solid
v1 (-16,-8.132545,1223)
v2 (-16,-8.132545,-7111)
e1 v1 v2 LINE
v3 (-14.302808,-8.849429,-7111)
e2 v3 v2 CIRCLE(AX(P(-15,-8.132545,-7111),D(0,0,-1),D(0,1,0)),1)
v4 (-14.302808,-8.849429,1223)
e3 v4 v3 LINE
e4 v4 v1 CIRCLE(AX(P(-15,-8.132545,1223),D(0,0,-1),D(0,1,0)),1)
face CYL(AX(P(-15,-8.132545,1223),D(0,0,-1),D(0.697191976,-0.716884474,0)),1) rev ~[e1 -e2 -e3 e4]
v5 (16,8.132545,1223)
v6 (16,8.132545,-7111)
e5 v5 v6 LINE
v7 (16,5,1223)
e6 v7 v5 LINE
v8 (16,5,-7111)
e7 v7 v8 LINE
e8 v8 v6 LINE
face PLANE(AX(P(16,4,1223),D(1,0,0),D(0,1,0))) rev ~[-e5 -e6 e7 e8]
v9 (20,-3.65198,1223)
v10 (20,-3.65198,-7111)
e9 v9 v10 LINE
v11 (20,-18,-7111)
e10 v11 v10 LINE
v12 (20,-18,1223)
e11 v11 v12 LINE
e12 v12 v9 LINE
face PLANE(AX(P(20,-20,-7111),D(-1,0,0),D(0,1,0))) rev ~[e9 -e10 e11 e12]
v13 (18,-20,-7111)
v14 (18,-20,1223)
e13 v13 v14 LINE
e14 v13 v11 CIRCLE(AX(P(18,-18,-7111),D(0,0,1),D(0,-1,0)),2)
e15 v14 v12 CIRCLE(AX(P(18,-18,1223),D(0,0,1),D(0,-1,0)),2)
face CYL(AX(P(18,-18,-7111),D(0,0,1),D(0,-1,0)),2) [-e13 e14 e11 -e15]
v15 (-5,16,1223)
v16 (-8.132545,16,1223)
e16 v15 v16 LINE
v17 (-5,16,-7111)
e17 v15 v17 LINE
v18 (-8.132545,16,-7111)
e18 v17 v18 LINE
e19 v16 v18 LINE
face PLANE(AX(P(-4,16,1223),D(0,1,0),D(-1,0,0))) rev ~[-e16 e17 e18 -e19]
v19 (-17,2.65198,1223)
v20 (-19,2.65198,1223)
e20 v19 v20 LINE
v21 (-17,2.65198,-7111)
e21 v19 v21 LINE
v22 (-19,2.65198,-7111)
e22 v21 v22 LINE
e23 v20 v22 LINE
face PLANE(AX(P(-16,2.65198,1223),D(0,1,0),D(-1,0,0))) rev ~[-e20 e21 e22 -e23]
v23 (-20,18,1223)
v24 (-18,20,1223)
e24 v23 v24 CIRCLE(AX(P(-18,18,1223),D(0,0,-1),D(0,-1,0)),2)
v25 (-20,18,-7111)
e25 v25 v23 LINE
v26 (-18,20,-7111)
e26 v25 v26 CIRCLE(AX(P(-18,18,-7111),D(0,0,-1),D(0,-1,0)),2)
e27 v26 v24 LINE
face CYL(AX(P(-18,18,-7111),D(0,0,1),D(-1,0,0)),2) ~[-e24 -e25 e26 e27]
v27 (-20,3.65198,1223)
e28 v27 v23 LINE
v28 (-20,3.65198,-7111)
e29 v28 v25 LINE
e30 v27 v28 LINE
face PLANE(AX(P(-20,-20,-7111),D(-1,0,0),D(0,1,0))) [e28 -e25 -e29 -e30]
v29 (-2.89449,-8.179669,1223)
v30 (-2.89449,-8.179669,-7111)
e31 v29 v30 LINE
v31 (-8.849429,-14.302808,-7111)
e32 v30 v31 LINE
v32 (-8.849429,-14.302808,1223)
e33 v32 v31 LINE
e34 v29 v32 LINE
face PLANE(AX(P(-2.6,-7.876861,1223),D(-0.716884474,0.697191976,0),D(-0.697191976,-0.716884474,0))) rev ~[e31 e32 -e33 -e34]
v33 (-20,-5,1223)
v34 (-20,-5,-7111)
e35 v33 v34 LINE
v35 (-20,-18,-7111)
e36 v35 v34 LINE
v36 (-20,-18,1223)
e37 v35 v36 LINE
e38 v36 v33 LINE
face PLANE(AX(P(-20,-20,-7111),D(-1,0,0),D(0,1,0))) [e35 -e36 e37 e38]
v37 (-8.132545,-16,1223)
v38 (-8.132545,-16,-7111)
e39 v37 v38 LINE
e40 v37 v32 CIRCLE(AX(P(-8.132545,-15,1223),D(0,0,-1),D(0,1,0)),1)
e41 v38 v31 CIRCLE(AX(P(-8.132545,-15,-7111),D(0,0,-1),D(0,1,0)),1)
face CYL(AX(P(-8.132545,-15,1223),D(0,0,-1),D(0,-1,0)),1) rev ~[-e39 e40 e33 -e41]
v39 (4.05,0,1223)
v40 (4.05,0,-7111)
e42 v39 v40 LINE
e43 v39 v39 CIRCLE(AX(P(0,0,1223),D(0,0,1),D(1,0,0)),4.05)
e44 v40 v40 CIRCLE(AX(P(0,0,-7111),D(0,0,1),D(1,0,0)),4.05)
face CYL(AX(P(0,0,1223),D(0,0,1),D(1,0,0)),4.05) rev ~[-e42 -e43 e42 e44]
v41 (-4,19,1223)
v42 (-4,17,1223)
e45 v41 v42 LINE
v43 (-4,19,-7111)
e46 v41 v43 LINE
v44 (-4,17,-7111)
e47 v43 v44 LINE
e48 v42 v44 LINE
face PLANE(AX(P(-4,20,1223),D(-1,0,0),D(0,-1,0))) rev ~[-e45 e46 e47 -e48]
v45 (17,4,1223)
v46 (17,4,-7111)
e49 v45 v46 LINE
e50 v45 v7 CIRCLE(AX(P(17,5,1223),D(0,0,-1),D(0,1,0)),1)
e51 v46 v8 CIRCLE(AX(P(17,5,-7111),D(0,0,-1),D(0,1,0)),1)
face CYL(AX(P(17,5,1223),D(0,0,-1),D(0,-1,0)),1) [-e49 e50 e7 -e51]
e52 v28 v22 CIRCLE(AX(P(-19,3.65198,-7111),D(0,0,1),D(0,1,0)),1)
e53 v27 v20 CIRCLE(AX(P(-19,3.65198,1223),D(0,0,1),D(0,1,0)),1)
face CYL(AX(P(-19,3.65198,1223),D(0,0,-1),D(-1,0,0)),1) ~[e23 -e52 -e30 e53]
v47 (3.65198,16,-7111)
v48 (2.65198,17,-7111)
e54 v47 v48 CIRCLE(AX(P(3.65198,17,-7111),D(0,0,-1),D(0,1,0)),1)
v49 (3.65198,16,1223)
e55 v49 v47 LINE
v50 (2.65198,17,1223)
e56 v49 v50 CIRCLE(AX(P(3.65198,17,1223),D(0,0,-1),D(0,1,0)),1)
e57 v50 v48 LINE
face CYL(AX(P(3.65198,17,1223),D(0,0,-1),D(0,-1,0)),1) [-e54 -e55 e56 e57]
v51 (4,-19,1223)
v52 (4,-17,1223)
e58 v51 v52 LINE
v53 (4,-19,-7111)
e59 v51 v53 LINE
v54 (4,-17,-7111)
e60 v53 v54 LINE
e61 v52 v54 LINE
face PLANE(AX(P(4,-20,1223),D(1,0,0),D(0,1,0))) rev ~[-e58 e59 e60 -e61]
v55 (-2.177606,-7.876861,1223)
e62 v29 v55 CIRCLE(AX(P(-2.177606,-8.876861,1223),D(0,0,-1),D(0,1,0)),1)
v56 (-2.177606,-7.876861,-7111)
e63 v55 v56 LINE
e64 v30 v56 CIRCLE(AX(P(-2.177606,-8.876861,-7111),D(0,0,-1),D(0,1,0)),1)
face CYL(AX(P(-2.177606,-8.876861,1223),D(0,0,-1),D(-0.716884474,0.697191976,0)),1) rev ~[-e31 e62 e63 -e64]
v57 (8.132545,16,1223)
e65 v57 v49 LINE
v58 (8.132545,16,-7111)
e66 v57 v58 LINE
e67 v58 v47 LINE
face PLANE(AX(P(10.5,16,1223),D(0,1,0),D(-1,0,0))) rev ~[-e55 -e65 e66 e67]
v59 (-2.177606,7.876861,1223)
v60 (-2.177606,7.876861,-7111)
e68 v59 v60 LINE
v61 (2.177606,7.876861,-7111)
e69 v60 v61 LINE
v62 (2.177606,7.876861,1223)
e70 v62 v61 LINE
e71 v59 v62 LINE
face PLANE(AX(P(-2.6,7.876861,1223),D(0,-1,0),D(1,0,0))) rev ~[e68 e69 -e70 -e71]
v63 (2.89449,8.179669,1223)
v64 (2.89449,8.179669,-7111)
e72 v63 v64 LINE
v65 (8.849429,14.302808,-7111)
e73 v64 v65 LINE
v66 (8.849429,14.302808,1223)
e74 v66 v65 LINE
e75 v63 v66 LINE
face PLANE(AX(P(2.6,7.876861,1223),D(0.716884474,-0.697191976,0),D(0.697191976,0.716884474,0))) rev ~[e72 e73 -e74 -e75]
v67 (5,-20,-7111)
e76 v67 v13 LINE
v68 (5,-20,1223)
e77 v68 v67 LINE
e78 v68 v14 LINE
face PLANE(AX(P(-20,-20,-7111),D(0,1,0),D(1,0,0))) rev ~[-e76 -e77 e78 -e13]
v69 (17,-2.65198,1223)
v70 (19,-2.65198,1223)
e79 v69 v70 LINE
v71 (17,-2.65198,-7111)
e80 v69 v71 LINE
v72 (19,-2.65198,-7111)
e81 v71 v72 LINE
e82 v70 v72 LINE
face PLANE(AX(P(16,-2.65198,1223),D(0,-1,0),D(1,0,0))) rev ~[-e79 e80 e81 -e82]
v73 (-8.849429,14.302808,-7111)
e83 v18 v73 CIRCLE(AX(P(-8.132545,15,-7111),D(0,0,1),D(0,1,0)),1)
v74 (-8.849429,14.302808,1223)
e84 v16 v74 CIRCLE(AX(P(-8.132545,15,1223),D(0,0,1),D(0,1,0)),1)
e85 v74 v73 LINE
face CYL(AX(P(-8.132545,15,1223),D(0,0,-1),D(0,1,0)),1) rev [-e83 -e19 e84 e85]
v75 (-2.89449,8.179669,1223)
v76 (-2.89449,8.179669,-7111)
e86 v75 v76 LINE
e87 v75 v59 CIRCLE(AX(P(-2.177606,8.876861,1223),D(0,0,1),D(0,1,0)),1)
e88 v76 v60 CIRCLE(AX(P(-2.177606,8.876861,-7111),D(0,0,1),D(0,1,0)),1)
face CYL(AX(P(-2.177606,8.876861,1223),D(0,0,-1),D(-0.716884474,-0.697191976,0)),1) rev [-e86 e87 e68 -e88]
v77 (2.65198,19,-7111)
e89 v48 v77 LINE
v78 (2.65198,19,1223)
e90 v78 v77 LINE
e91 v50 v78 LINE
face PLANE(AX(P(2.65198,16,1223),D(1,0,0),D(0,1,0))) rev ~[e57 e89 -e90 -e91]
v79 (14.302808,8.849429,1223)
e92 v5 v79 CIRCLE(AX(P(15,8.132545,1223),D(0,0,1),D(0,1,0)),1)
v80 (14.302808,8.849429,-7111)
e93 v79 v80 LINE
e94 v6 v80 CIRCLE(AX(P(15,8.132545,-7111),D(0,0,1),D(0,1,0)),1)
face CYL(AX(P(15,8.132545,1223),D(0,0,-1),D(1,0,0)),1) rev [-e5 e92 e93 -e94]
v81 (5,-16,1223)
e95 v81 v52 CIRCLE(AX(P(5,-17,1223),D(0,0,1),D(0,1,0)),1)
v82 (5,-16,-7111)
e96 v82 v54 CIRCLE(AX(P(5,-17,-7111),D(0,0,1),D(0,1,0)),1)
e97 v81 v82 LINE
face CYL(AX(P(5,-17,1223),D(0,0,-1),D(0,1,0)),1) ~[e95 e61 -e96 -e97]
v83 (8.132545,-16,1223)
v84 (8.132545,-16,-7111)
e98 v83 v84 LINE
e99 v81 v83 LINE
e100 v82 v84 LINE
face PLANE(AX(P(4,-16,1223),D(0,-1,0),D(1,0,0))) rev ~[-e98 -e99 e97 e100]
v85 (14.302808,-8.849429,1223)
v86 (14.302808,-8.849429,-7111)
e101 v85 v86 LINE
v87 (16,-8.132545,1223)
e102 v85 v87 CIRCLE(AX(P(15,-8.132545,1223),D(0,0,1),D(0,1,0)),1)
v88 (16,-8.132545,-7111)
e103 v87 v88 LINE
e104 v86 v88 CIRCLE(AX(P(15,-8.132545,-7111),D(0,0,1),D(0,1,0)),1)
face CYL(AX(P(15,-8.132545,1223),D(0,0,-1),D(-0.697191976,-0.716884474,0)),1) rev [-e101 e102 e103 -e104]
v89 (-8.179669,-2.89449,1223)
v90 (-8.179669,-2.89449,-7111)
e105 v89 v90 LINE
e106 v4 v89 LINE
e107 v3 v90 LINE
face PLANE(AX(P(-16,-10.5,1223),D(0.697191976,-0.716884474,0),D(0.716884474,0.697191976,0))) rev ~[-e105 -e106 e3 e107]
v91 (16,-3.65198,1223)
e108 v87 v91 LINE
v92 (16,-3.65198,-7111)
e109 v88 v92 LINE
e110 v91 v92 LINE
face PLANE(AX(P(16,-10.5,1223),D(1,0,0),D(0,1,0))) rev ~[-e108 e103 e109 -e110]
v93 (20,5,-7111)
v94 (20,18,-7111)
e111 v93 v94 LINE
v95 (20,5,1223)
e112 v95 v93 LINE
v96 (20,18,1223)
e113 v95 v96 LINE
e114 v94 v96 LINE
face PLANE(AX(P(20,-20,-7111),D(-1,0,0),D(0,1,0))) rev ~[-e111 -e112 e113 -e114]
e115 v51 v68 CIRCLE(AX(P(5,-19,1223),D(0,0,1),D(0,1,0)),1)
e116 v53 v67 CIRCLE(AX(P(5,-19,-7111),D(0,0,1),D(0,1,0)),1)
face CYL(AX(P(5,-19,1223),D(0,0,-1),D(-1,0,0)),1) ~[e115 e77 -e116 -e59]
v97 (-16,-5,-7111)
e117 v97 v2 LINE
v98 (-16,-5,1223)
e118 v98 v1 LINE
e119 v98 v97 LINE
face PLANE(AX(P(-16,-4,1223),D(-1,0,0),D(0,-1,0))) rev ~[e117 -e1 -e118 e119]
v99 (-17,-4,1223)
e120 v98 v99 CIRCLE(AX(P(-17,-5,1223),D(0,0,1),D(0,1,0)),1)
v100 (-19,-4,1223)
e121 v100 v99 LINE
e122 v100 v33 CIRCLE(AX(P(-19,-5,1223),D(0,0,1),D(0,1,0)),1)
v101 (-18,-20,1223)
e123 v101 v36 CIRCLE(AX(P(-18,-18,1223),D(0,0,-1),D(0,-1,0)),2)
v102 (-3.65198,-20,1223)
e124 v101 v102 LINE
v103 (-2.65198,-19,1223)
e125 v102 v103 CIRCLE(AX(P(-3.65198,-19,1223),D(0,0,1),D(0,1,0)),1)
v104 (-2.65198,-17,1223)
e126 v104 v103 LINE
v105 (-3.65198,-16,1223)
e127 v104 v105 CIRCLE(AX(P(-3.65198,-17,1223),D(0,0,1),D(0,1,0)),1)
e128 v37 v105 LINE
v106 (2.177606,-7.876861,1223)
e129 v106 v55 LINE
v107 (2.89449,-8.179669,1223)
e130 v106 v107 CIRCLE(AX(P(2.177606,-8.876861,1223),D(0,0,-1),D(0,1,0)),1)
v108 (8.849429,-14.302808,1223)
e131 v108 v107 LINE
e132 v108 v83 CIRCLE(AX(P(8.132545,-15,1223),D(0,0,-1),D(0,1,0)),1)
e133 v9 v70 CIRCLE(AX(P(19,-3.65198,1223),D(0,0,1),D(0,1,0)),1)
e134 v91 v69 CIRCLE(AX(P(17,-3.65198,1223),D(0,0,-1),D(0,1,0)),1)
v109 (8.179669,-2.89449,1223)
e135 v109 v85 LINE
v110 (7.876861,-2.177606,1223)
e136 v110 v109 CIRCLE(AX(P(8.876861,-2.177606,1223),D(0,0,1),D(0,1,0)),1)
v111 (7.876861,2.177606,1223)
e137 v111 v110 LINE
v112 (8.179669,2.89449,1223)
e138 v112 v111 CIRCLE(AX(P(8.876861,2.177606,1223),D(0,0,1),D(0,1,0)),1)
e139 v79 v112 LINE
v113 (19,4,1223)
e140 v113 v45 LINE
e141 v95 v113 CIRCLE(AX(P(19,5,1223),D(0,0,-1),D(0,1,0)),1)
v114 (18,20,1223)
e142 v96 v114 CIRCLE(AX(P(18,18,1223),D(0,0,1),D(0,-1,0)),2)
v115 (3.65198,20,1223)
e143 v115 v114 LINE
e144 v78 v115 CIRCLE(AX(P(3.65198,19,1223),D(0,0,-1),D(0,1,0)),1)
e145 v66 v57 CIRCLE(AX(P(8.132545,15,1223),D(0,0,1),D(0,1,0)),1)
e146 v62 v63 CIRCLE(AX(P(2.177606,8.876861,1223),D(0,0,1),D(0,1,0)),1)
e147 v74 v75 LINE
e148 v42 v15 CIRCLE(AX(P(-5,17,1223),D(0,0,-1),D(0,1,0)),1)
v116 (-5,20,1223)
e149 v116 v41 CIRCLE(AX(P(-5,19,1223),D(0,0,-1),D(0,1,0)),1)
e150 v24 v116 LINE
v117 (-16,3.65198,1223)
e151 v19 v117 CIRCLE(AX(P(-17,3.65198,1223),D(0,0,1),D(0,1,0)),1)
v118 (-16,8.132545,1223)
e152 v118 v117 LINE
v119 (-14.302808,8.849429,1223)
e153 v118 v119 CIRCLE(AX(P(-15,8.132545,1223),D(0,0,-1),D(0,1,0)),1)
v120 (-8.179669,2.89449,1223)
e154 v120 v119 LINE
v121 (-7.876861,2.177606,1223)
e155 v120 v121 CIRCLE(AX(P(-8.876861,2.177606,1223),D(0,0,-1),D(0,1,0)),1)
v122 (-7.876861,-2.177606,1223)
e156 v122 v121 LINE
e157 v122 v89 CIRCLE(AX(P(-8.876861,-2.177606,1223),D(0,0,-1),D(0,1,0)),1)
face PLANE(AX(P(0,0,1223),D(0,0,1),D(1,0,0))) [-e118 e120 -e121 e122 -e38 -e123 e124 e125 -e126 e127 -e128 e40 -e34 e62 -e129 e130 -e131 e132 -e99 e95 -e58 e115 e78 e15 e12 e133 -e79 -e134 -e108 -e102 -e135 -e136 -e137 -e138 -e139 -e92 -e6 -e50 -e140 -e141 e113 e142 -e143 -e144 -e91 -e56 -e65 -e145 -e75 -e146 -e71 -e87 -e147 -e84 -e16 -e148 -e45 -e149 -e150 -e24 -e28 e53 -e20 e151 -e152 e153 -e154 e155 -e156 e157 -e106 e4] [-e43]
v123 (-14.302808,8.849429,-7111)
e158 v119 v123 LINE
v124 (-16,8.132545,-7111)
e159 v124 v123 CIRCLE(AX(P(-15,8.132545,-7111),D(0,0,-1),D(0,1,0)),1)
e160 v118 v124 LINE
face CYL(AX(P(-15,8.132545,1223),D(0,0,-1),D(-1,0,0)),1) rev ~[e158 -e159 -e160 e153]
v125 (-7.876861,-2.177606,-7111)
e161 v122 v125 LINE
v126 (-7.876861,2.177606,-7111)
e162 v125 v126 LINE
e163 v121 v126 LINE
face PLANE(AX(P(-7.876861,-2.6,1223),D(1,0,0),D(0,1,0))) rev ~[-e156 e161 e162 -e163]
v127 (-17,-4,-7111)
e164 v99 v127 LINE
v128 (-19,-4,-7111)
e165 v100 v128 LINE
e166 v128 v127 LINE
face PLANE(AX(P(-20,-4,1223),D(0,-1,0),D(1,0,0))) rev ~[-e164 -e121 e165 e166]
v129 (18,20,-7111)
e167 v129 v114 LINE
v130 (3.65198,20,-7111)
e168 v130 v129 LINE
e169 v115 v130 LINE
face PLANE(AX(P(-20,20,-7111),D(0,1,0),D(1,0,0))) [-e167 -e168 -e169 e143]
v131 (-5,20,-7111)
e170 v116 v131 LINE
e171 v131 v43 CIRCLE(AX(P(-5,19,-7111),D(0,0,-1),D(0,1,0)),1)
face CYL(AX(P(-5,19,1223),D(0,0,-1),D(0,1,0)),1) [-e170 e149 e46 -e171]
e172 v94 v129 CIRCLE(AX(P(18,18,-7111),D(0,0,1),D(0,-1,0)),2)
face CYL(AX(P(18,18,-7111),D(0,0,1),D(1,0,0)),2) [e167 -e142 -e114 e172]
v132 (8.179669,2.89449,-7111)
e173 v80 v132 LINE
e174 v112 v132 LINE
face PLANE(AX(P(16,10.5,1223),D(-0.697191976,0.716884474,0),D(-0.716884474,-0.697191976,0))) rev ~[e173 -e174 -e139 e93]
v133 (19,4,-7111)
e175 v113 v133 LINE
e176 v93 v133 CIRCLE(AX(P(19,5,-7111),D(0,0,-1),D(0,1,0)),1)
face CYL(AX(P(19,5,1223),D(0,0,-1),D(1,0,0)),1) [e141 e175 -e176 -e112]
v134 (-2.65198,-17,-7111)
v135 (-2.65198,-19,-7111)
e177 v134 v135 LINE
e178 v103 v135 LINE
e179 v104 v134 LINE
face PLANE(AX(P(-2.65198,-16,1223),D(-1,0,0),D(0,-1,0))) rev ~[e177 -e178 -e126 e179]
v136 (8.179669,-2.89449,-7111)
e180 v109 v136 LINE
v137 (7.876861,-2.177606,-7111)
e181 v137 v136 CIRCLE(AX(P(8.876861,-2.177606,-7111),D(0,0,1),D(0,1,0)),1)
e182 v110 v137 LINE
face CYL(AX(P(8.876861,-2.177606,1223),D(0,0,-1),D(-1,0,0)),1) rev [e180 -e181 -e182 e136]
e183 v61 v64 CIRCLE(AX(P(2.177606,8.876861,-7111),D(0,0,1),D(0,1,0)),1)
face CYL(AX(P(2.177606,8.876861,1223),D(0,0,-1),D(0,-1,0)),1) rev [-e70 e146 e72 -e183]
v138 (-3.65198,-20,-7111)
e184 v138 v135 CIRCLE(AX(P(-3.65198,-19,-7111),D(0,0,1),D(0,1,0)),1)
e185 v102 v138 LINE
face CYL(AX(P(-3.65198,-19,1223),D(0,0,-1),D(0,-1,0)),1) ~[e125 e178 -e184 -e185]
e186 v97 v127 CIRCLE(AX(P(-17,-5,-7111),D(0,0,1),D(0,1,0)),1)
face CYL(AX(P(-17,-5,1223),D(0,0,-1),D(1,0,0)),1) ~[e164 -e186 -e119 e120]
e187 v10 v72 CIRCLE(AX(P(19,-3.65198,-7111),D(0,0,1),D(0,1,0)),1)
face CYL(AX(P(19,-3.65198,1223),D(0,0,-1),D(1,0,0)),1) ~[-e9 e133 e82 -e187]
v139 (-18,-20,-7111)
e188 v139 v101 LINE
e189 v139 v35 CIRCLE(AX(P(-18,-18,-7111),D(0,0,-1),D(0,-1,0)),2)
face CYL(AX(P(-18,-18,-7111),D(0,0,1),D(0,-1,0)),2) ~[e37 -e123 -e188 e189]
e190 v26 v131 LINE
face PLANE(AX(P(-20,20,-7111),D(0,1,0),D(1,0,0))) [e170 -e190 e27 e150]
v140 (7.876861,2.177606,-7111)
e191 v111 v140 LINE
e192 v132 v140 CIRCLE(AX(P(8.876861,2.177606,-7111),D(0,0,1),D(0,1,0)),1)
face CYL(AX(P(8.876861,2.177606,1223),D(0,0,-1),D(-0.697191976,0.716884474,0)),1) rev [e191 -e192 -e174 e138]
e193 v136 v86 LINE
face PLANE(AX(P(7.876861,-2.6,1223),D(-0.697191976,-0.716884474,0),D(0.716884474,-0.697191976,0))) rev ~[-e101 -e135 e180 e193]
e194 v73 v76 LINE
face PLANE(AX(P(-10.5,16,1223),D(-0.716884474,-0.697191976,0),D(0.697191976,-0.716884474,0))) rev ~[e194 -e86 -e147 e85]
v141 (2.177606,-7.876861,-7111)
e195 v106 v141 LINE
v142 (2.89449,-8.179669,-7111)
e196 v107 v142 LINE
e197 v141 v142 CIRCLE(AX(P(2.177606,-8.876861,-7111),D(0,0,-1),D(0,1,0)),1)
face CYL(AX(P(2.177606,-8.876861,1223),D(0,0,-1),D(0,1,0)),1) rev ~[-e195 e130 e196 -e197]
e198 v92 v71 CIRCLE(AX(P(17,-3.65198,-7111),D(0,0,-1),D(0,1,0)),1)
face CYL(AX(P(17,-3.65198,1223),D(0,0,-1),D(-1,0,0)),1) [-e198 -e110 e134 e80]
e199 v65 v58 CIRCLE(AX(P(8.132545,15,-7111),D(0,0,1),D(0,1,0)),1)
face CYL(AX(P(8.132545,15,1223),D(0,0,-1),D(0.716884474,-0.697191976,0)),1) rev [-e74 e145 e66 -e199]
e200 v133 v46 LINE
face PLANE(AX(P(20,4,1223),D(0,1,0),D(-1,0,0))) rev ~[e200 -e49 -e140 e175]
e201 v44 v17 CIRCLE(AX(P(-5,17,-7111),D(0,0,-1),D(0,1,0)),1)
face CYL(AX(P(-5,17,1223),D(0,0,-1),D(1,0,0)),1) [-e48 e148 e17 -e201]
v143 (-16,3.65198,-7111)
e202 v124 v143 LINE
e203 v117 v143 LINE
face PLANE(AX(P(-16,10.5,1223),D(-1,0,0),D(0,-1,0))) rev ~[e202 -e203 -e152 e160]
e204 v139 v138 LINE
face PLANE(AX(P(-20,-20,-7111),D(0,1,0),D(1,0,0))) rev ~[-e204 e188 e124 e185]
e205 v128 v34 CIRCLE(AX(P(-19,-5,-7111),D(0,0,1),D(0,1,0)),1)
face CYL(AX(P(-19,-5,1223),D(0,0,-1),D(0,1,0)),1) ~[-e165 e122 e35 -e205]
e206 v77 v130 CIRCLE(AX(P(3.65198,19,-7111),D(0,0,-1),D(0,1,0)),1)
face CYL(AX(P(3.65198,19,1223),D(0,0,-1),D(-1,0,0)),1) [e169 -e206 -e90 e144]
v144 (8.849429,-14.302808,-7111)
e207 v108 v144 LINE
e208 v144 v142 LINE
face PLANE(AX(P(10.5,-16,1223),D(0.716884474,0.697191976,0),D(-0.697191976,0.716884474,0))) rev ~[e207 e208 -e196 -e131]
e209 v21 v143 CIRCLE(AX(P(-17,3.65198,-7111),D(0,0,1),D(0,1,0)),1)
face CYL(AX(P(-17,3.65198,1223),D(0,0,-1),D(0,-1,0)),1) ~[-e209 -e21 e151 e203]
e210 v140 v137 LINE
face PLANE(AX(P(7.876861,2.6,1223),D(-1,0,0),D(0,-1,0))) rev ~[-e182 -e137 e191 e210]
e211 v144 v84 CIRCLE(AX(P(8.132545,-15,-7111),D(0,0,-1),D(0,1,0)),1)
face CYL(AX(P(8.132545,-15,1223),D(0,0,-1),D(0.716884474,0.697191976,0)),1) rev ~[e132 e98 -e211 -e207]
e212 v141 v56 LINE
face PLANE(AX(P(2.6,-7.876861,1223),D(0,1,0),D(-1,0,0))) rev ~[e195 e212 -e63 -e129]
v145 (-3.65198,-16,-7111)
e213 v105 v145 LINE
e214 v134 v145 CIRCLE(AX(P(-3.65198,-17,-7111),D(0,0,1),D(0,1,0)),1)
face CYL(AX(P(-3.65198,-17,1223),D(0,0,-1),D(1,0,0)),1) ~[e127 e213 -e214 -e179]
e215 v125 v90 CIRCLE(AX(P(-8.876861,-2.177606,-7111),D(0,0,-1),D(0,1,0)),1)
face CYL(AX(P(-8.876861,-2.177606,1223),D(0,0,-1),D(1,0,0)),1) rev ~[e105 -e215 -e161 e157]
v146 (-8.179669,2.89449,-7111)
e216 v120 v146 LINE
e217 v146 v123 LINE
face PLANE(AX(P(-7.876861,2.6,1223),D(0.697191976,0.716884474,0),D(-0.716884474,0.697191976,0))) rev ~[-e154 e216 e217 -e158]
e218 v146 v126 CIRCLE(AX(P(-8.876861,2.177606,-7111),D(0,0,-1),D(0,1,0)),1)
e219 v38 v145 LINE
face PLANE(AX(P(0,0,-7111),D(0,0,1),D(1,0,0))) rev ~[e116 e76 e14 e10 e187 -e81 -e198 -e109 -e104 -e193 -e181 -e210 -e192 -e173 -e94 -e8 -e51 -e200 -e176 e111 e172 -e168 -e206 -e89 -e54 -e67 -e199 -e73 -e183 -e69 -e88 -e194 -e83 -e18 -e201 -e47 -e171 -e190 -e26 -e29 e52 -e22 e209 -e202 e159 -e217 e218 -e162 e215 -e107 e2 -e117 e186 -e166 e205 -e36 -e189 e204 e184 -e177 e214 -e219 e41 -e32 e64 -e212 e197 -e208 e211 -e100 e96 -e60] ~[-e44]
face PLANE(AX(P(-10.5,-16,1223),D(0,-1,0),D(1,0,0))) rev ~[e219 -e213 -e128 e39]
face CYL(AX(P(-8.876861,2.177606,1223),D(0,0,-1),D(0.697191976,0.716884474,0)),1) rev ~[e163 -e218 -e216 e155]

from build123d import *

# Parameters (mm, degrees)
EXTRUDE_1_DEPTH          = 1223
EXTRUDE_1_DEPTH_BACK     = 7111
SKETCH_1_W               = 40
SKETCH_1_H               = 40
SKETCH_2_R               = 4.05
CUT_EXTRUDE_1_DEPTH      = 10000
CUT_EXTRUDE_2_DEPTH      = 10000
FILLET_1_R               = 1
PATTERN_CIRCULAR_2_COUNT = 4
FILLET_2_R               = 1
FILLET_3_R               = 1
FILLET_4_R               = 1
FILLET_5_R               = 2


with BuildPart() as part:
    # 草图1 → 凸台-拉伸1 (new, two sides: drawn at the far end of the back side and taken through both)
    with BuildSketch(Plane.XY.offset(-EXTRUDE_1_DEPTH_BACK)):
        Rectangle(SKETCH_1_W, SKETCH_1_H)
    extrude(amount=EXTRUDE_1_DEPTH + EXTRUDE_1_DEPTH_BACK)

    # 草图2 → 切除-拉伸1 (cut)
    with BuildSketch(Plane.XY.offset(1223)):
        Circle(SKETCH_2_R)
    extrude(amount=-CUT_EXTRUDE_1_DEPTH, mode=Mode.SUBTRACT)

    # 草图4 → 切除-拉伸2 (cut)
    with BuildSketch(Plane.XY.offset(1223)):
        Polygon((20, 0), (20, 4), (16, 4), (16, 10.5), (7.876860985, 2.6), (7.876860985, -2.6), (16, -10.5), (16, -2.65197969), (20, -2.65197969), align=None)
    cut_extrude_2 = extrude(amount=-CUT_EXTRUDE_2_DEPTH, mode=Mode.SUBTRACT)

    # 圆角1
    fillet_1_edges = [part.edges().sort_by_distance(p)[0] for p in [
        (20, -2.65197969, -2944),
        (16, -2.65197969, -2944),
        (16, -10.5, -2944),
        (7.876860985, -2.6, -2944),
        (7.876860985, 2.6, -2944),
        (16, 10.5, -2944),
        (16, 4, -2944),
        (20, 4, -2944),
    ]]
    fillet(fillet_1_edges, radius=FILLET_1_R)

    # 阵列(圆周)2: 切除-拉伸2 ×4 about axis
    pattern_circular_2_axis = Axis((0, 0, 0), (0, 0, 1))
    for i in range(1, PATTERN_CIRCULAR_2_COUNT):
        add(cut_extrude_2.rotate(pattern_circular_2_axis, i * 360 / PATTERN_CIRCULAR_2_COUNT), mode=Mode.SUBTRACT)

    # 圆角2
    fillet_2_edges = [part.edges().sort_by_distance(p)[0] for p in [
        (2.65197969, 20, -2944),
        (2.65197969, 16, -2944),
        (10.5, 16, -2944),
        (2.6, 7.876860985, -2944),
        (-2.6, 7.876860985, -2944),
        (-10.5, 16, -2944),
        (-4, 16, -2944),
        (-4, 20, -2944),
    ]]
    fillet(fillet_2_edges, radius=FILLET_2_R)

    # 圆角3
    fillet_3_edges = [part.edges().sort_by_distance(p)[0] for p in [
        (-20, 2.65197969, -2944),
        (-16, 2.65197969, -2944),
        (-16, 10.5, -2944),
        (-7.876860985, 2.6, -2944),
        (-7.876860985, -2.6, -2944),
        (-16, -10.5, -2944),
        (-16, -4, -2944),
        (-20, -4, -2944),
    ]]
    fillet(fillet_3_edges, radius=FILLET_3_R)

    # 圆角4
    fillet_4_edges = [part.edges().sort_by_distance(p)[0] for p in [
        (-2.65197969, -20, -2944),
        (-2.65197969, -16, -2944),
        (-10.5, -16, -2944),
        (-2.6, -7.876860985, -2944),
        (2.6, -7.876860985, -2944),
        (10.5, -16, -2944),
        (4, -16, -2944),
        (4, -20, -2944),
    ]]
    fillet(fillet_4_edges, radius=FILLET_4_R)

    # 圆角5
    fillet_5_edges = [part.edges().sort_by_distance(p)[0] for p in [
        (20, -20, -2944),
        (-20, -20, -2944),
        (-20, 20, -2944),
        (20, 20, -2944),
    ]]
    fillet(fillet_5_edges, radius=FILLET_5_R)


solid = part.part
